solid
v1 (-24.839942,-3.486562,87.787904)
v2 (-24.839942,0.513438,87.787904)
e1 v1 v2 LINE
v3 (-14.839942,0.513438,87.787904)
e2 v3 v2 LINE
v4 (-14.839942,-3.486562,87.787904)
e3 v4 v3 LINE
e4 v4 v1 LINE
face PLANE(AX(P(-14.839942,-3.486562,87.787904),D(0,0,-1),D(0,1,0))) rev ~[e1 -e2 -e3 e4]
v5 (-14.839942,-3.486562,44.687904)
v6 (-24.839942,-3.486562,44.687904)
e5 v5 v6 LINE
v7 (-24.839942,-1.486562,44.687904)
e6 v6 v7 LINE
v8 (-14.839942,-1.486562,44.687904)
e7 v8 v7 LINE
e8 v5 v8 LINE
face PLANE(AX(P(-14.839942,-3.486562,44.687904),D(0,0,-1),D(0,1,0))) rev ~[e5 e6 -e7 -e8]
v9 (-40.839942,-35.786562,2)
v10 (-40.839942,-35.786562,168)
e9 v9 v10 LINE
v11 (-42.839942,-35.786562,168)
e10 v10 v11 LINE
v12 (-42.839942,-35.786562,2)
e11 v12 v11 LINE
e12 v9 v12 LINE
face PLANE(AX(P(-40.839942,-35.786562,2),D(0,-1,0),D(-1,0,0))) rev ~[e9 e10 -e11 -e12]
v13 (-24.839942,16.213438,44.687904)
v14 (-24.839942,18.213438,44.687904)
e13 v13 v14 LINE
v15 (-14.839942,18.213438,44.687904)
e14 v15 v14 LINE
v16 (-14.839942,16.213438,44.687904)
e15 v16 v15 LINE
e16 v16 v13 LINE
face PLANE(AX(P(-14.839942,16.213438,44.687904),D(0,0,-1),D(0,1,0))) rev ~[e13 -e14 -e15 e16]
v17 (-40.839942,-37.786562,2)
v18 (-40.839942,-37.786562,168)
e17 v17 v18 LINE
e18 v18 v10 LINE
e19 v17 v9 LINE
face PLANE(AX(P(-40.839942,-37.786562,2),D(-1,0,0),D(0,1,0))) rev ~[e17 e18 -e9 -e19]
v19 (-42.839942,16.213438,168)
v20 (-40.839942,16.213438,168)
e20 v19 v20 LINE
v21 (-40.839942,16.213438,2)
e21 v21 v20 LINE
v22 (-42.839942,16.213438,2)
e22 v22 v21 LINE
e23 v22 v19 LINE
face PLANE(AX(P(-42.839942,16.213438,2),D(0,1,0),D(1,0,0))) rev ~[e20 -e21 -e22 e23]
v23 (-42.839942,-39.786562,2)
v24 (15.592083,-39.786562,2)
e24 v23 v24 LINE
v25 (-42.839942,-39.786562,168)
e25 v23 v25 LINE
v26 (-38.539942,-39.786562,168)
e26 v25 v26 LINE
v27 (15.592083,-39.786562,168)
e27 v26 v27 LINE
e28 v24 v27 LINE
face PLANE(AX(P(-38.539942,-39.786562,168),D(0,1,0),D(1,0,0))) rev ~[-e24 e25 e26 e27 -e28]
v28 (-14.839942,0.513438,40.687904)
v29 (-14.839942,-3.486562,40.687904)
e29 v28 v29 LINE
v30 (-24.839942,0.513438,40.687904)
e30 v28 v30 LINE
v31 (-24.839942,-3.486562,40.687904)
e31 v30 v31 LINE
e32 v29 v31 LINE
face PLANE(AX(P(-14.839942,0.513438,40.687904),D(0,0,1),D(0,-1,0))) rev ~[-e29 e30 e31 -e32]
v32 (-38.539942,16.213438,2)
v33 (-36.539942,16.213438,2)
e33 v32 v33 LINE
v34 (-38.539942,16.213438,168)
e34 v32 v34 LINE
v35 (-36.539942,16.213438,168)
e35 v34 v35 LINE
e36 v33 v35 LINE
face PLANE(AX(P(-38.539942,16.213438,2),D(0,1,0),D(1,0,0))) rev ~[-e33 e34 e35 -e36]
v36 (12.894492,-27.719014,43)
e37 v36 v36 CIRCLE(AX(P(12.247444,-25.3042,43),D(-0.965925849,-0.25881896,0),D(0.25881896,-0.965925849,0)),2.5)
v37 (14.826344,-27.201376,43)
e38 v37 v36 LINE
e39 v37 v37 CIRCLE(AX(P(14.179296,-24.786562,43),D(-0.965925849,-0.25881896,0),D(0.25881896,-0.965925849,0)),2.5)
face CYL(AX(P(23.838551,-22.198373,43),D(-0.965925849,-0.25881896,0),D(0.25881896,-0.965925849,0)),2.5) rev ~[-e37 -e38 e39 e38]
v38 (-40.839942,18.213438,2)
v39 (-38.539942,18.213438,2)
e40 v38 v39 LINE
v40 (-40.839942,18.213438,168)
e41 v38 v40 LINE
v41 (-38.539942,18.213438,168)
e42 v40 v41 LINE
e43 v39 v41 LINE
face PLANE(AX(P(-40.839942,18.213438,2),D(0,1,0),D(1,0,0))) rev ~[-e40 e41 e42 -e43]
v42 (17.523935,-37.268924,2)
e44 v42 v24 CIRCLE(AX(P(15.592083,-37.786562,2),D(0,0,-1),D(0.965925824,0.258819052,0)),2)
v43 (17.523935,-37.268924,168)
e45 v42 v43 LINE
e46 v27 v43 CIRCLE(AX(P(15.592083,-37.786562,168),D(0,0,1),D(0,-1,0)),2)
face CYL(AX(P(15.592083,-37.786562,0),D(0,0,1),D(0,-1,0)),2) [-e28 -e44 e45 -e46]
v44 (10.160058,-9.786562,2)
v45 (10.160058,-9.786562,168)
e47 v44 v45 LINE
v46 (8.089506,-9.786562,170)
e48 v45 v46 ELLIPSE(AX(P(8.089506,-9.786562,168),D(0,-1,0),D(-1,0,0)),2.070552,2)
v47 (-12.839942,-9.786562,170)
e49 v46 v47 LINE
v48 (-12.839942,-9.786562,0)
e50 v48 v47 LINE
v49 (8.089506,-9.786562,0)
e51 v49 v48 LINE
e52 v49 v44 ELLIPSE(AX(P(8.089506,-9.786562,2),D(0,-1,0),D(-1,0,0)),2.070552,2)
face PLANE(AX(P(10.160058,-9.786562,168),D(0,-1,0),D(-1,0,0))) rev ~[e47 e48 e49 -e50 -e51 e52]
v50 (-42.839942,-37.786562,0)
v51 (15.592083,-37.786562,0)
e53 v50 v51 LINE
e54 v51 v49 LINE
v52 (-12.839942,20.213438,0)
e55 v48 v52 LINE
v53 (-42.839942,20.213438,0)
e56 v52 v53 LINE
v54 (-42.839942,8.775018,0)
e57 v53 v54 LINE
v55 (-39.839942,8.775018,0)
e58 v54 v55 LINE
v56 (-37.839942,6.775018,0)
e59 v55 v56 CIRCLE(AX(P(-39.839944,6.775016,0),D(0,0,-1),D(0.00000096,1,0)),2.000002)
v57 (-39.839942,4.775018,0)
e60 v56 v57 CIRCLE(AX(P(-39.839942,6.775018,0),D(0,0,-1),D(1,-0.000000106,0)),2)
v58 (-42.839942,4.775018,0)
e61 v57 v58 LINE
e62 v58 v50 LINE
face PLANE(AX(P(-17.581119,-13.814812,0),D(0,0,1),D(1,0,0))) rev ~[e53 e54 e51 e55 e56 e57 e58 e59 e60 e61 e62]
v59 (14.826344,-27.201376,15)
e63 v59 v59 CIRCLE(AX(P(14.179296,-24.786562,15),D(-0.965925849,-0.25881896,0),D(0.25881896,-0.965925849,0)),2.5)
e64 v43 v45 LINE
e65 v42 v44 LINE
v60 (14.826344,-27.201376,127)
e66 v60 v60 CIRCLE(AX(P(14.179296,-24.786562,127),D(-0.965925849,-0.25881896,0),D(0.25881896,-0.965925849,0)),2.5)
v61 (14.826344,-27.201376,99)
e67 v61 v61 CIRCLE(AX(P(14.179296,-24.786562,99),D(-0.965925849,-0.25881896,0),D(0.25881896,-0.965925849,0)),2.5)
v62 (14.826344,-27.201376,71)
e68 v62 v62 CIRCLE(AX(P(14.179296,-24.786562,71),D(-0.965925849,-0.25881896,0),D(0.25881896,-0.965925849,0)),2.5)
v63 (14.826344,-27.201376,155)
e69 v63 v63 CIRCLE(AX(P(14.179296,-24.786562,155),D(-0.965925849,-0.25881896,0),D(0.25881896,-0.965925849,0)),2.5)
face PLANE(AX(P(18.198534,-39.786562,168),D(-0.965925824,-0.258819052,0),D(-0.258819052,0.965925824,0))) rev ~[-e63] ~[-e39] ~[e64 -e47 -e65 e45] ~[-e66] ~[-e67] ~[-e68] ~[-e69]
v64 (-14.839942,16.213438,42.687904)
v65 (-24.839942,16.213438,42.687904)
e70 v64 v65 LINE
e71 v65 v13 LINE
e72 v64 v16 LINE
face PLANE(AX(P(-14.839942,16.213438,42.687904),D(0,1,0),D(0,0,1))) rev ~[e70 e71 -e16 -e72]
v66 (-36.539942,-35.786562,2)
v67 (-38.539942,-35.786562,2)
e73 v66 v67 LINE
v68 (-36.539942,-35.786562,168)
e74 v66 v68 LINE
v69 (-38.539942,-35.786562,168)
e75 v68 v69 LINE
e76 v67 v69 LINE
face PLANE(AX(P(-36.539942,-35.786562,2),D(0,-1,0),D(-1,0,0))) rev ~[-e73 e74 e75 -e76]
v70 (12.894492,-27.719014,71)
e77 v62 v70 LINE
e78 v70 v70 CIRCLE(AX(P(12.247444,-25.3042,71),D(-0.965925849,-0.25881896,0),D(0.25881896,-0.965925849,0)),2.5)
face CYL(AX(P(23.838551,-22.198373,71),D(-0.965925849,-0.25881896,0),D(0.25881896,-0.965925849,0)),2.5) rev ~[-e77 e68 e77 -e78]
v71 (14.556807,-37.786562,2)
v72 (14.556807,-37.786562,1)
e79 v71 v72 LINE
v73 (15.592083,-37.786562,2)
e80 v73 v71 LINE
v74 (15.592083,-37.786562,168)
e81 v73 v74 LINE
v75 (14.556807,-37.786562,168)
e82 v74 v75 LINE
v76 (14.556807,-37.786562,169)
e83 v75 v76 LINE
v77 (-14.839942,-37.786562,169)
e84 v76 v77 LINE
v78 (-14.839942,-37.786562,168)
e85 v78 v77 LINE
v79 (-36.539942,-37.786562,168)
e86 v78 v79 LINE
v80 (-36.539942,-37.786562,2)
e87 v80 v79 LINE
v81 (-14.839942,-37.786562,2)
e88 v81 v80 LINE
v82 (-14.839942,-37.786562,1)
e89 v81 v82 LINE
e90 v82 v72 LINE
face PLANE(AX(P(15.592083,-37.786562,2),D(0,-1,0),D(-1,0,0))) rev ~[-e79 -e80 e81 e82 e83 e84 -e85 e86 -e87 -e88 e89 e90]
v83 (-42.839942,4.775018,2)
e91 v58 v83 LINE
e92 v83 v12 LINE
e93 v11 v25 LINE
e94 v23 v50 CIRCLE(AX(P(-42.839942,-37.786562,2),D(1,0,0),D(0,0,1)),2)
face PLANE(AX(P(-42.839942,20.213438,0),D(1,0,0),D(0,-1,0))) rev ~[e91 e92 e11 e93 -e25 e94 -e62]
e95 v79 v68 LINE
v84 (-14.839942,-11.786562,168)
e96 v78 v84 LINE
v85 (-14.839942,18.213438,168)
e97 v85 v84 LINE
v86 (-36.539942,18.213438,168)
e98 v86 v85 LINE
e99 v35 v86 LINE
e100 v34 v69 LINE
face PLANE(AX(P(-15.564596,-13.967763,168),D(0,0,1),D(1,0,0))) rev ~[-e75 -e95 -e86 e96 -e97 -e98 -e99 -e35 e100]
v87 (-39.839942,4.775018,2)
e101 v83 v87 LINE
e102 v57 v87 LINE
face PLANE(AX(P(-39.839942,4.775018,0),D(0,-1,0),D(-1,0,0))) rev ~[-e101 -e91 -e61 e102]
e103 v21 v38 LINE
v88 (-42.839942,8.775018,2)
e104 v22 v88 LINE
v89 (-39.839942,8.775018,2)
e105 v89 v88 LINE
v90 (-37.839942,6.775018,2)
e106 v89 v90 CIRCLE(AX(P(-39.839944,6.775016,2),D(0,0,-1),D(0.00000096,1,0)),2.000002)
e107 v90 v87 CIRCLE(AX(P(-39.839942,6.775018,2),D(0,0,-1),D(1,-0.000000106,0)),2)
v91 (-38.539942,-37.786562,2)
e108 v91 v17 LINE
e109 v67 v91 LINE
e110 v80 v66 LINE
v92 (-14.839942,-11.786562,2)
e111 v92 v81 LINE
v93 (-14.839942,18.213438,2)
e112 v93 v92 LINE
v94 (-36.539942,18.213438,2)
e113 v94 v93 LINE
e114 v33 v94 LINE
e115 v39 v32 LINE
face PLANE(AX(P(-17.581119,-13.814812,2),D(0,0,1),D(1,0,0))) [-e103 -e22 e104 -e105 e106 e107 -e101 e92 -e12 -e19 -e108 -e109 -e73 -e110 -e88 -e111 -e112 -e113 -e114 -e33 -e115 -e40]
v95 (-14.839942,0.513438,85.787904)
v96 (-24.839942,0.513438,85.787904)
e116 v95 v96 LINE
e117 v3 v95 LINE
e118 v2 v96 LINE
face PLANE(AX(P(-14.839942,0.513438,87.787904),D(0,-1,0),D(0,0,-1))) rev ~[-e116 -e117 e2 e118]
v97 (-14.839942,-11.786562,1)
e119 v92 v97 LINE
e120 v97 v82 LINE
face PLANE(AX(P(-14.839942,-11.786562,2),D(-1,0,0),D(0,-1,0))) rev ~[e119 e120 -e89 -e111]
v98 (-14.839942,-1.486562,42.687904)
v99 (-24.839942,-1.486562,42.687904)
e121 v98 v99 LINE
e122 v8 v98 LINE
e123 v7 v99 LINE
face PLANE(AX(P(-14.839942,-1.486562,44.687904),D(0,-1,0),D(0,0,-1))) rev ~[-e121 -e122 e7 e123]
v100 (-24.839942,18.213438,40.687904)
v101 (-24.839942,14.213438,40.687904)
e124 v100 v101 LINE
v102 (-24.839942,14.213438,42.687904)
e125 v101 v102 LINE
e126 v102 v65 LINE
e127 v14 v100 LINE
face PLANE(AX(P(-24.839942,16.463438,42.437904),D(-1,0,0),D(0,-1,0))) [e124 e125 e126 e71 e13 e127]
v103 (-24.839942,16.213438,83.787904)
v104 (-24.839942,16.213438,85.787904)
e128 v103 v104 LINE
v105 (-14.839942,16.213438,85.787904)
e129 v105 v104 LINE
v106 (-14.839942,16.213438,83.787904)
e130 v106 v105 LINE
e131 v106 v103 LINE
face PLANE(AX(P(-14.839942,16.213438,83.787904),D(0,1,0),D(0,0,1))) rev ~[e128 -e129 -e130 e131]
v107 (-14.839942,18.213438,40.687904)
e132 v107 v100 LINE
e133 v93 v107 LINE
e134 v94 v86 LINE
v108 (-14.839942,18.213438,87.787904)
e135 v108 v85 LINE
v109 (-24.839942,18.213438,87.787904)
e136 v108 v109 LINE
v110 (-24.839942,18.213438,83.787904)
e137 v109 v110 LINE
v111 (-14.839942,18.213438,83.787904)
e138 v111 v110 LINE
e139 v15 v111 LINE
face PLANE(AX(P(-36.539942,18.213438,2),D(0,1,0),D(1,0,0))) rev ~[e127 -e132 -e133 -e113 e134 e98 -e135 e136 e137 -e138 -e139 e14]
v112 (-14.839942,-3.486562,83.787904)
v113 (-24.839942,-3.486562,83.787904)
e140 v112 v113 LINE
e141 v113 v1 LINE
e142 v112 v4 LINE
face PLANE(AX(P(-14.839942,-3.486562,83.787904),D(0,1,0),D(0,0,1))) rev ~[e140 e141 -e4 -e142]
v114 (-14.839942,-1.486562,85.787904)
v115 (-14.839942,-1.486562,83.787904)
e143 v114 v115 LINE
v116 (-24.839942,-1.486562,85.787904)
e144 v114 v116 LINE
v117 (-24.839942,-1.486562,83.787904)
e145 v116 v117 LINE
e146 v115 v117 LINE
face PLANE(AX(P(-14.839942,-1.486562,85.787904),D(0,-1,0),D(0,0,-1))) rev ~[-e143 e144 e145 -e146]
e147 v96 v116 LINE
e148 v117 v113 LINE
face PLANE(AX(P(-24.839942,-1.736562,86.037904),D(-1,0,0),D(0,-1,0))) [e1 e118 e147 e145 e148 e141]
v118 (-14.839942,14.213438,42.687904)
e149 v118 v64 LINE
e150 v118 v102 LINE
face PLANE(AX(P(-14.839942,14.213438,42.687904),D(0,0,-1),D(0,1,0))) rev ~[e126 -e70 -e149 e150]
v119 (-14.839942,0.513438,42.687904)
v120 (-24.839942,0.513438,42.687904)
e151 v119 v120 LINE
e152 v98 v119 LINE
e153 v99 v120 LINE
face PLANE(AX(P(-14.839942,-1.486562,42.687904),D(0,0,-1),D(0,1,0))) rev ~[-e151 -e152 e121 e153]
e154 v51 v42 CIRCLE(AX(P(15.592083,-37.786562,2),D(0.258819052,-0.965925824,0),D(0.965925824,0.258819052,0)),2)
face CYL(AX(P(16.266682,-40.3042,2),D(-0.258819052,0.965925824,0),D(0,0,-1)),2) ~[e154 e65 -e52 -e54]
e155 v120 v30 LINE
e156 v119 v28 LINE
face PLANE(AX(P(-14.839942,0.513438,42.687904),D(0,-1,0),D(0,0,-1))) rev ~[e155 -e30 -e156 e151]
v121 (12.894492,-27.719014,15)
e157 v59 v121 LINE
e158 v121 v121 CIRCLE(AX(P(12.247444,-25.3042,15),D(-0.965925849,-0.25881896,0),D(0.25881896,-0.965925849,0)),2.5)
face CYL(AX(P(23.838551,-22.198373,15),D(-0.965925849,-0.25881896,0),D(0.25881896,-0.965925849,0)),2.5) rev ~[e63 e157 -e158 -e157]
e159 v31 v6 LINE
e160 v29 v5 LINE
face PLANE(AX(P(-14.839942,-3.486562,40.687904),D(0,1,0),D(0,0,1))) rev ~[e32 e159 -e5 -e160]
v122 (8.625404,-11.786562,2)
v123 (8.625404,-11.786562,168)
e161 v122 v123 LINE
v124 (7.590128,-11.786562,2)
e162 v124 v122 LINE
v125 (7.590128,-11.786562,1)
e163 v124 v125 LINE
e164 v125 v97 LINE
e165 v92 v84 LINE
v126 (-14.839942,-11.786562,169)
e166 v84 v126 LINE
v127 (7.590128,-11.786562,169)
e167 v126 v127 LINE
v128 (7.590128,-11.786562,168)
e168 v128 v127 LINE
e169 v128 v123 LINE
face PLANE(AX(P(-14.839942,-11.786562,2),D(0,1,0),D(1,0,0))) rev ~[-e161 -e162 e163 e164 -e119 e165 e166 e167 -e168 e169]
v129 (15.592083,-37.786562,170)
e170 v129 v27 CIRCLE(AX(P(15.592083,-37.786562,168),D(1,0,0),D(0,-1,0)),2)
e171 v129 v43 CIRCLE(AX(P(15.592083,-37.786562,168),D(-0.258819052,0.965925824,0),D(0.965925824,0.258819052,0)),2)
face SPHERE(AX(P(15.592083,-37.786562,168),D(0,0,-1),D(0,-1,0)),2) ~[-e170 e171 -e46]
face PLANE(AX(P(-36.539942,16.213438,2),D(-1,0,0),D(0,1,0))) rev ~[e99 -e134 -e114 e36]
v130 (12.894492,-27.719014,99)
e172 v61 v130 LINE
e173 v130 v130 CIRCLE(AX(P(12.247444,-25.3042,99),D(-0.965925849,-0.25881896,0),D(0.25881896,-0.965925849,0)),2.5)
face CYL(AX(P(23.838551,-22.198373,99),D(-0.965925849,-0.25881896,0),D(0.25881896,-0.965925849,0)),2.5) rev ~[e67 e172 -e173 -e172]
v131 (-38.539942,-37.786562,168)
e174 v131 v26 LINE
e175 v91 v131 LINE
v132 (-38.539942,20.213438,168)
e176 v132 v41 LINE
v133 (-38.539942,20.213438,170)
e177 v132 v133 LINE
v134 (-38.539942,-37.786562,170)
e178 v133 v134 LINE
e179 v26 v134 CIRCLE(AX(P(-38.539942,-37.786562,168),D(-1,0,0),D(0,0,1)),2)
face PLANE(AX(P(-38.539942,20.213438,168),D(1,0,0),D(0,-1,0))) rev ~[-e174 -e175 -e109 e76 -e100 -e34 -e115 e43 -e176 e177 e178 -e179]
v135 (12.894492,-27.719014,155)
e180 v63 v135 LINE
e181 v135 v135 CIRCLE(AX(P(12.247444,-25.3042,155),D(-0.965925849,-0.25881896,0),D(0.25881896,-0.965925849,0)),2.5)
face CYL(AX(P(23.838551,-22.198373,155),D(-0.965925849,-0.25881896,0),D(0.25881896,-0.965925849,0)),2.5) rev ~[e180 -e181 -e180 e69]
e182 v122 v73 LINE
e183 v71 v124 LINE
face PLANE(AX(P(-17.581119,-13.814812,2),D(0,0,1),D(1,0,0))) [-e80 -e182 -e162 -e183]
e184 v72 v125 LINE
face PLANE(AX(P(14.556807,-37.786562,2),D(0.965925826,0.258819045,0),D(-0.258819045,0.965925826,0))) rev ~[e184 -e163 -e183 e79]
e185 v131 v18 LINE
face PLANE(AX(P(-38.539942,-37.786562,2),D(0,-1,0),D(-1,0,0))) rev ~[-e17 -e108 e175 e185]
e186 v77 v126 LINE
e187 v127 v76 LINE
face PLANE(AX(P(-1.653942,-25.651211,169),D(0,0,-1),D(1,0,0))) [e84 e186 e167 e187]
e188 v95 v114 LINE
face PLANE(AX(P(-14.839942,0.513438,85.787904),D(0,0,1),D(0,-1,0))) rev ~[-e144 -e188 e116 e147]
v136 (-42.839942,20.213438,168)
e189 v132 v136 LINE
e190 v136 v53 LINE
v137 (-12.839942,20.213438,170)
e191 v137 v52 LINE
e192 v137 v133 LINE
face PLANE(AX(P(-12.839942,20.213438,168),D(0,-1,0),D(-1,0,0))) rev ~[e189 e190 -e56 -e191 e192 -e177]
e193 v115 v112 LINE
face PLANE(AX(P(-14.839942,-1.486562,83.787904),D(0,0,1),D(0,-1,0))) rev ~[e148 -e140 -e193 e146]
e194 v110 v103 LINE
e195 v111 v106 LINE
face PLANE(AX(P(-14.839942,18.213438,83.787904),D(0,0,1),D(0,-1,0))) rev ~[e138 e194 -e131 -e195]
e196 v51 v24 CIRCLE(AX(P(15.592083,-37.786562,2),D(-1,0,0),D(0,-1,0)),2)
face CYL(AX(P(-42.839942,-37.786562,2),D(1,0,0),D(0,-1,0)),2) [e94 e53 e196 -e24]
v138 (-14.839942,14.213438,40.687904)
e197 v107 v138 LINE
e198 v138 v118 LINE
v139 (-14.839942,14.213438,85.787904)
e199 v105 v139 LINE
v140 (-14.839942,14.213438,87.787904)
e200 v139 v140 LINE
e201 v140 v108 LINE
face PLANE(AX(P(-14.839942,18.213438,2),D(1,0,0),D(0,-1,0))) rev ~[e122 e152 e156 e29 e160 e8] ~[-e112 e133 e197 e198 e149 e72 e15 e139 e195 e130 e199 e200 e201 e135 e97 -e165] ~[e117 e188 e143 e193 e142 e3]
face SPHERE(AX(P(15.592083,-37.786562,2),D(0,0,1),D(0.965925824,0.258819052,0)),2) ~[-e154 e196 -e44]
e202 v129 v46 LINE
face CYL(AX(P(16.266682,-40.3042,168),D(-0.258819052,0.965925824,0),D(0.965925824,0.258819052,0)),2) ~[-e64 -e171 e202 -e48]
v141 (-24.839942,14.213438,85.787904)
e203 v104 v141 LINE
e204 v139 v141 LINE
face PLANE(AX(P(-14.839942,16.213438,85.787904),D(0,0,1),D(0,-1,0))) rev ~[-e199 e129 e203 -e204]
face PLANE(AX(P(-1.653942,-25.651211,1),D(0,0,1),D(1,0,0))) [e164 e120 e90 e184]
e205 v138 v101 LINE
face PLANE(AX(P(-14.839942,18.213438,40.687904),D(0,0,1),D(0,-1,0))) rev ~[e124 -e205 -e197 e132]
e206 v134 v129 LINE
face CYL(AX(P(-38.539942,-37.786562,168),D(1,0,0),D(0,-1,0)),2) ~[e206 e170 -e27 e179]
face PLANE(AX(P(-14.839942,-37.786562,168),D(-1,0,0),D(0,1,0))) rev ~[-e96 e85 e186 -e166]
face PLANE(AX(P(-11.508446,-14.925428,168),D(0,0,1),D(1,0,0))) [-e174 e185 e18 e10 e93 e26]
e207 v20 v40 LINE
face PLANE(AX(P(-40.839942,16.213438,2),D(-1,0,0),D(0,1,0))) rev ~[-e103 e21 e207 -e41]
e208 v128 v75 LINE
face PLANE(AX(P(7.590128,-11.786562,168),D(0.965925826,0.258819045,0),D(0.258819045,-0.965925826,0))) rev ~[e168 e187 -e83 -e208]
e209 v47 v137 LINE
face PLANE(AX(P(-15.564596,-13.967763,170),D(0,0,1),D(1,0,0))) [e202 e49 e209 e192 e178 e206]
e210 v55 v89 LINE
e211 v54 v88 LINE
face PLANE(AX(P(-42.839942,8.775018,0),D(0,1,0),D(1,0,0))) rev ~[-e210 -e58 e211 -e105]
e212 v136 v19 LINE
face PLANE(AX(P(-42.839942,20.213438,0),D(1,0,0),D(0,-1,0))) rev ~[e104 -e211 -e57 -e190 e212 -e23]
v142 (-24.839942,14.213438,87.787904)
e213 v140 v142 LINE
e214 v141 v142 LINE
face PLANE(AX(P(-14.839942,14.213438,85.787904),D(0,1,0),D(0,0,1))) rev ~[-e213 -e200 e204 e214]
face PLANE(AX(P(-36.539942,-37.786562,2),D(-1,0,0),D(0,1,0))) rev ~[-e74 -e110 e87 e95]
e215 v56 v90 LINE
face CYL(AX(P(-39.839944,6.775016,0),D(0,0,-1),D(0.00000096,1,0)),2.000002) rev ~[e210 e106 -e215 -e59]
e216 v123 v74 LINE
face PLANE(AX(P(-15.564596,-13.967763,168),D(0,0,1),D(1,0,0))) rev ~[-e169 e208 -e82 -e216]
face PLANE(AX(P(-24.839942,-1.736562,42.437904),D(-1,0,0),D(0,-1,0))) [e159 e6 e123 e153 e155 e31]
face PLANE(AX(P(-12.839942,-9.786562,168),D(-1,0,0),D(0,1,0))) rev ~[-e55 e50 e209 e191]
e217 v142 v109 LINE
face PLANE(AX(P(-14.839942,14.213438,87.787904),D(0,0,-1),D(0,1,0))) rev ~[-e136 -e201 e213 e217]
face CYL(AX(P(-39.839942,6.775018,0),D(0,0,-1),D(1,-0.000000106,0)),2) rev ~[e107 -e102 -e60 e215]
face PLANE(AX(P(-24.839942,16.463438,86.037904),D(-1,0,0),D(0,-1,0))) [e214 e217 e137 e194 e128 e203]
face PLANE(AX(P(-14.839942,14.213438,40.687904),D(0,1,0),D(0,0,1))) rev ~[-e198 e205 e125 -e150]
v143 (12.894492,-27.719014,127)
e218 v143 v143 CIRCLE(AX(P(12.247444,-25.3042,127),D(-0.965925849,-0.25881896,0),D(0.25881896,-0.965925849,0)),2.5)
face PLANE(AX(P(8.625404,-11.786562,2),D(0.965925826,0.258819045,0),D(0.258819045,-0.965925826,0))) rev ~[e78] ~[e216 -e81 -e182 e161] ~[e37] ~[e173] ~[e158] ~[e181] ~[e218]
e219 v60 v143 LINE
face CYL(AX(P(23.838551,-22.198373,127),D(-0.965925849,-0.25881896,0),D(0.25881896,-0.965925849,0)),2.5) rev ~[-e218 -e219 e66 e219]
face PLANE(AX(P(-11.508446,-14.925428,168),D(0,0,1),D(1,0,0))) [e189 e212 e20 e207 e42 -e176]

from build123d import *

# Parameters (mm, degrees)
F1_DEPTH  = 2
F3_DEPTH  = 166
F5_D      = 5
F5_DEPTH  = 10
F7_DEPTH  = 2
F8_R      = 2
F10_DEPTH = 25
F12_DEPTH = 10
F14_DEPTH = 1
F16_DEPTH = 1


with BuildPart() as f1:
    # F0 (on Top) → F1 (new body)
    with BuildSketch(Plane.XY):
        Polygon((-42.839942, -39.786562), (18.198534, -39.786562), (10.160058, -9.786562), (-12.839942, -9.786562), (-12.839942, 20.213438), (-42.839942, 20.213438), (-42.839942, -9.786562), align=None)
    extrude(amount=F1_DEPTH)

    # F2 (on face) → F3 (join)
    with BuildSketch(Plane.XY.offset(2)):
        Polygon((-36.539942, 16.213438), (-36.539942, 18.213438), (-14.839942, 18.213438), (-14.839942, -11.786562), (8.625404, -11.786562), (15.592083, -37.786562), (-36.539942, -37.786562), (-36.539942, -35.786562), (-38.539942, -35.786562), (-38.539942, -37.786562), (-40.839942, -37.786562), (-40.839942, -35.786562), (-42.839942, -35.786562), (-42.839942, -39.786562), (18.198534, -39.786562), (10.160058, -9.786562), (-12.839942, -9.786562), (-12.839942, 20.213438), (-42.839942, 20.213438), (-42.839942, 16.213438), (-40.839942, 16.213438), (-40.839942, 18.213438), (-38.539942, 18.213438), (-38.539942, 16.213438), align=None)
    extrude(amount=F3_DEPTH)

    # F5
    with Locations(Plane(origin=(7.032822, 1.884439, 0), x_dir=(-0.258819, 0.965926, 0), z_dir=(0.965926, 0.258819, 0))):
        with Locations((-27.611852, 155), (-27.611852, 127), (-27.611852, 99), (-27.611852, 71), (-27.611852, 43), (-27.611852, 15)):
            Hole(F5_D / 2, depth=F5_DEPTH)

    # F6 (on face) → F7 (join)
    with BuildSketch(Plane.XY.offset(168)):
        Polygon((-38.539942, -39.786562), (18.198534, -39.786562), (10.160058, -9.786562), (-12.839942, -9.786562), (-12.839942, 20.213438), (-38.539942, 20.213438), (-38.539942, -37.786562), align=None)
    extrude(amount=F7_DEPTH)

    # F8
    f8_edges = [f1.edges().sort_by_distance(p)[0] for p in [
        (-12.320704, -39.786562, 0),
        (18.198534, -39.786562, 85),
        (14.179296, -24.786562, 0),
        (-10.170704, -39.786562, 170),
        (14.179296, -24.786562, 170),
    ]]
    fillet(f8_edges, radius=F8_R)

    # F9 (on face) → F10 (cut)
    with BuildSketch(Plane(origin=(0, 0, 0), x_dir=(1, 0, 0), z_dir=(0, 0, -1))):
        with BuildLine():
            ThreePointArc((-39.839942, -8.775018), (-38.425729, -8.189231), (-37.839942, -6.775018))
            ThreePointArc((-37.839942, -6.775018), (-38.425729, -5.360804), (-39.839942, -4.775018))
            ThreePointArc((-39.839942, -4.775018), (-41.839942, -6.775018), (-39.839942, -8.775018))
        make_face()
        with BuildLine():
            ThreePointArc((-39.839942, -8.775018), (-41.839942, -6.775018), (-39.839942, -4.775018))
            Line((-39.839942, -4.775018), (-42.839942, -4.775018))
            Line((-42.839942, -4.775018), (-42.839942, -8.775018))
            Line((-42.839942, -8.775018), (-39.839942, -8.775018))
        make_face()
    extrude(amount=-F10_DEPTH, mode=Mode.SUBTRACT)

    # F11 (on face) → F12 (join)
    with BuildSketch(Plane(origin=(-14.839942, 0, 0), x_dir=(0, -1, 0), z_dir=(-1, 0, 0))):
        Polygon((3.486562, 44.687904), (1.486562, 44.687904), (1.486562, 42.687904), (-0.513438, 42.687904), (-0.513438, 40.687904), (3.486562, 40.687904), align=None)
        Polygon((-16.213438, 42.687904), (-16.213438, 44.687904), (-18.213438, 44.687904), (-18.213438, 40.687904), (-14.213438, 40.687904), (-14.213438, 42.687904), align=None)
        Polygon((-16.213438, 83.787904), (-16.213438, 85.787904), (-14.213438, 85.787904), (-14.213438, 87.787904), (-18.213438, 87.787904), (-18.213438, 83.787904), align=None)
        Polygon((-0.513438, 87.787904), (-0.513438, 85.787904), (1.486562, 85.787904), (1.486562, 83.787904), (3.486562, 83.787904), (3.486562, 87.787904), align=None)
    extrude(amount=F12_DEPTH)

    # F13 (on face) → F14 (cut)
    with BuildSketch(Plane.XY.offset(2)):
        Polygon((14.556807, -37.786562), (7.590128, -11.786562), (-14.839942, -11.786562), (-14.839942, -37.786562), align=None)
    extrude(amount=-F14_DEPTH, mode=Mode.SUBTRACT)

    # F15 (on face) → F16 (cut)
    with BuildSketch(Plane(origin=(0, 0, 168), x_dir=(1, 0, 0), z_dir=(0, 0, -1))):
        Polygon((-14.839942, 11.786562), (7.590128, 11.786562), (14.556807, 37.786562), (-14.839942, 37.786562), align=None)
    extrude(amount=-F16_DEPTH, mode=Mode.SUBTRACT)


solid = f1.part
